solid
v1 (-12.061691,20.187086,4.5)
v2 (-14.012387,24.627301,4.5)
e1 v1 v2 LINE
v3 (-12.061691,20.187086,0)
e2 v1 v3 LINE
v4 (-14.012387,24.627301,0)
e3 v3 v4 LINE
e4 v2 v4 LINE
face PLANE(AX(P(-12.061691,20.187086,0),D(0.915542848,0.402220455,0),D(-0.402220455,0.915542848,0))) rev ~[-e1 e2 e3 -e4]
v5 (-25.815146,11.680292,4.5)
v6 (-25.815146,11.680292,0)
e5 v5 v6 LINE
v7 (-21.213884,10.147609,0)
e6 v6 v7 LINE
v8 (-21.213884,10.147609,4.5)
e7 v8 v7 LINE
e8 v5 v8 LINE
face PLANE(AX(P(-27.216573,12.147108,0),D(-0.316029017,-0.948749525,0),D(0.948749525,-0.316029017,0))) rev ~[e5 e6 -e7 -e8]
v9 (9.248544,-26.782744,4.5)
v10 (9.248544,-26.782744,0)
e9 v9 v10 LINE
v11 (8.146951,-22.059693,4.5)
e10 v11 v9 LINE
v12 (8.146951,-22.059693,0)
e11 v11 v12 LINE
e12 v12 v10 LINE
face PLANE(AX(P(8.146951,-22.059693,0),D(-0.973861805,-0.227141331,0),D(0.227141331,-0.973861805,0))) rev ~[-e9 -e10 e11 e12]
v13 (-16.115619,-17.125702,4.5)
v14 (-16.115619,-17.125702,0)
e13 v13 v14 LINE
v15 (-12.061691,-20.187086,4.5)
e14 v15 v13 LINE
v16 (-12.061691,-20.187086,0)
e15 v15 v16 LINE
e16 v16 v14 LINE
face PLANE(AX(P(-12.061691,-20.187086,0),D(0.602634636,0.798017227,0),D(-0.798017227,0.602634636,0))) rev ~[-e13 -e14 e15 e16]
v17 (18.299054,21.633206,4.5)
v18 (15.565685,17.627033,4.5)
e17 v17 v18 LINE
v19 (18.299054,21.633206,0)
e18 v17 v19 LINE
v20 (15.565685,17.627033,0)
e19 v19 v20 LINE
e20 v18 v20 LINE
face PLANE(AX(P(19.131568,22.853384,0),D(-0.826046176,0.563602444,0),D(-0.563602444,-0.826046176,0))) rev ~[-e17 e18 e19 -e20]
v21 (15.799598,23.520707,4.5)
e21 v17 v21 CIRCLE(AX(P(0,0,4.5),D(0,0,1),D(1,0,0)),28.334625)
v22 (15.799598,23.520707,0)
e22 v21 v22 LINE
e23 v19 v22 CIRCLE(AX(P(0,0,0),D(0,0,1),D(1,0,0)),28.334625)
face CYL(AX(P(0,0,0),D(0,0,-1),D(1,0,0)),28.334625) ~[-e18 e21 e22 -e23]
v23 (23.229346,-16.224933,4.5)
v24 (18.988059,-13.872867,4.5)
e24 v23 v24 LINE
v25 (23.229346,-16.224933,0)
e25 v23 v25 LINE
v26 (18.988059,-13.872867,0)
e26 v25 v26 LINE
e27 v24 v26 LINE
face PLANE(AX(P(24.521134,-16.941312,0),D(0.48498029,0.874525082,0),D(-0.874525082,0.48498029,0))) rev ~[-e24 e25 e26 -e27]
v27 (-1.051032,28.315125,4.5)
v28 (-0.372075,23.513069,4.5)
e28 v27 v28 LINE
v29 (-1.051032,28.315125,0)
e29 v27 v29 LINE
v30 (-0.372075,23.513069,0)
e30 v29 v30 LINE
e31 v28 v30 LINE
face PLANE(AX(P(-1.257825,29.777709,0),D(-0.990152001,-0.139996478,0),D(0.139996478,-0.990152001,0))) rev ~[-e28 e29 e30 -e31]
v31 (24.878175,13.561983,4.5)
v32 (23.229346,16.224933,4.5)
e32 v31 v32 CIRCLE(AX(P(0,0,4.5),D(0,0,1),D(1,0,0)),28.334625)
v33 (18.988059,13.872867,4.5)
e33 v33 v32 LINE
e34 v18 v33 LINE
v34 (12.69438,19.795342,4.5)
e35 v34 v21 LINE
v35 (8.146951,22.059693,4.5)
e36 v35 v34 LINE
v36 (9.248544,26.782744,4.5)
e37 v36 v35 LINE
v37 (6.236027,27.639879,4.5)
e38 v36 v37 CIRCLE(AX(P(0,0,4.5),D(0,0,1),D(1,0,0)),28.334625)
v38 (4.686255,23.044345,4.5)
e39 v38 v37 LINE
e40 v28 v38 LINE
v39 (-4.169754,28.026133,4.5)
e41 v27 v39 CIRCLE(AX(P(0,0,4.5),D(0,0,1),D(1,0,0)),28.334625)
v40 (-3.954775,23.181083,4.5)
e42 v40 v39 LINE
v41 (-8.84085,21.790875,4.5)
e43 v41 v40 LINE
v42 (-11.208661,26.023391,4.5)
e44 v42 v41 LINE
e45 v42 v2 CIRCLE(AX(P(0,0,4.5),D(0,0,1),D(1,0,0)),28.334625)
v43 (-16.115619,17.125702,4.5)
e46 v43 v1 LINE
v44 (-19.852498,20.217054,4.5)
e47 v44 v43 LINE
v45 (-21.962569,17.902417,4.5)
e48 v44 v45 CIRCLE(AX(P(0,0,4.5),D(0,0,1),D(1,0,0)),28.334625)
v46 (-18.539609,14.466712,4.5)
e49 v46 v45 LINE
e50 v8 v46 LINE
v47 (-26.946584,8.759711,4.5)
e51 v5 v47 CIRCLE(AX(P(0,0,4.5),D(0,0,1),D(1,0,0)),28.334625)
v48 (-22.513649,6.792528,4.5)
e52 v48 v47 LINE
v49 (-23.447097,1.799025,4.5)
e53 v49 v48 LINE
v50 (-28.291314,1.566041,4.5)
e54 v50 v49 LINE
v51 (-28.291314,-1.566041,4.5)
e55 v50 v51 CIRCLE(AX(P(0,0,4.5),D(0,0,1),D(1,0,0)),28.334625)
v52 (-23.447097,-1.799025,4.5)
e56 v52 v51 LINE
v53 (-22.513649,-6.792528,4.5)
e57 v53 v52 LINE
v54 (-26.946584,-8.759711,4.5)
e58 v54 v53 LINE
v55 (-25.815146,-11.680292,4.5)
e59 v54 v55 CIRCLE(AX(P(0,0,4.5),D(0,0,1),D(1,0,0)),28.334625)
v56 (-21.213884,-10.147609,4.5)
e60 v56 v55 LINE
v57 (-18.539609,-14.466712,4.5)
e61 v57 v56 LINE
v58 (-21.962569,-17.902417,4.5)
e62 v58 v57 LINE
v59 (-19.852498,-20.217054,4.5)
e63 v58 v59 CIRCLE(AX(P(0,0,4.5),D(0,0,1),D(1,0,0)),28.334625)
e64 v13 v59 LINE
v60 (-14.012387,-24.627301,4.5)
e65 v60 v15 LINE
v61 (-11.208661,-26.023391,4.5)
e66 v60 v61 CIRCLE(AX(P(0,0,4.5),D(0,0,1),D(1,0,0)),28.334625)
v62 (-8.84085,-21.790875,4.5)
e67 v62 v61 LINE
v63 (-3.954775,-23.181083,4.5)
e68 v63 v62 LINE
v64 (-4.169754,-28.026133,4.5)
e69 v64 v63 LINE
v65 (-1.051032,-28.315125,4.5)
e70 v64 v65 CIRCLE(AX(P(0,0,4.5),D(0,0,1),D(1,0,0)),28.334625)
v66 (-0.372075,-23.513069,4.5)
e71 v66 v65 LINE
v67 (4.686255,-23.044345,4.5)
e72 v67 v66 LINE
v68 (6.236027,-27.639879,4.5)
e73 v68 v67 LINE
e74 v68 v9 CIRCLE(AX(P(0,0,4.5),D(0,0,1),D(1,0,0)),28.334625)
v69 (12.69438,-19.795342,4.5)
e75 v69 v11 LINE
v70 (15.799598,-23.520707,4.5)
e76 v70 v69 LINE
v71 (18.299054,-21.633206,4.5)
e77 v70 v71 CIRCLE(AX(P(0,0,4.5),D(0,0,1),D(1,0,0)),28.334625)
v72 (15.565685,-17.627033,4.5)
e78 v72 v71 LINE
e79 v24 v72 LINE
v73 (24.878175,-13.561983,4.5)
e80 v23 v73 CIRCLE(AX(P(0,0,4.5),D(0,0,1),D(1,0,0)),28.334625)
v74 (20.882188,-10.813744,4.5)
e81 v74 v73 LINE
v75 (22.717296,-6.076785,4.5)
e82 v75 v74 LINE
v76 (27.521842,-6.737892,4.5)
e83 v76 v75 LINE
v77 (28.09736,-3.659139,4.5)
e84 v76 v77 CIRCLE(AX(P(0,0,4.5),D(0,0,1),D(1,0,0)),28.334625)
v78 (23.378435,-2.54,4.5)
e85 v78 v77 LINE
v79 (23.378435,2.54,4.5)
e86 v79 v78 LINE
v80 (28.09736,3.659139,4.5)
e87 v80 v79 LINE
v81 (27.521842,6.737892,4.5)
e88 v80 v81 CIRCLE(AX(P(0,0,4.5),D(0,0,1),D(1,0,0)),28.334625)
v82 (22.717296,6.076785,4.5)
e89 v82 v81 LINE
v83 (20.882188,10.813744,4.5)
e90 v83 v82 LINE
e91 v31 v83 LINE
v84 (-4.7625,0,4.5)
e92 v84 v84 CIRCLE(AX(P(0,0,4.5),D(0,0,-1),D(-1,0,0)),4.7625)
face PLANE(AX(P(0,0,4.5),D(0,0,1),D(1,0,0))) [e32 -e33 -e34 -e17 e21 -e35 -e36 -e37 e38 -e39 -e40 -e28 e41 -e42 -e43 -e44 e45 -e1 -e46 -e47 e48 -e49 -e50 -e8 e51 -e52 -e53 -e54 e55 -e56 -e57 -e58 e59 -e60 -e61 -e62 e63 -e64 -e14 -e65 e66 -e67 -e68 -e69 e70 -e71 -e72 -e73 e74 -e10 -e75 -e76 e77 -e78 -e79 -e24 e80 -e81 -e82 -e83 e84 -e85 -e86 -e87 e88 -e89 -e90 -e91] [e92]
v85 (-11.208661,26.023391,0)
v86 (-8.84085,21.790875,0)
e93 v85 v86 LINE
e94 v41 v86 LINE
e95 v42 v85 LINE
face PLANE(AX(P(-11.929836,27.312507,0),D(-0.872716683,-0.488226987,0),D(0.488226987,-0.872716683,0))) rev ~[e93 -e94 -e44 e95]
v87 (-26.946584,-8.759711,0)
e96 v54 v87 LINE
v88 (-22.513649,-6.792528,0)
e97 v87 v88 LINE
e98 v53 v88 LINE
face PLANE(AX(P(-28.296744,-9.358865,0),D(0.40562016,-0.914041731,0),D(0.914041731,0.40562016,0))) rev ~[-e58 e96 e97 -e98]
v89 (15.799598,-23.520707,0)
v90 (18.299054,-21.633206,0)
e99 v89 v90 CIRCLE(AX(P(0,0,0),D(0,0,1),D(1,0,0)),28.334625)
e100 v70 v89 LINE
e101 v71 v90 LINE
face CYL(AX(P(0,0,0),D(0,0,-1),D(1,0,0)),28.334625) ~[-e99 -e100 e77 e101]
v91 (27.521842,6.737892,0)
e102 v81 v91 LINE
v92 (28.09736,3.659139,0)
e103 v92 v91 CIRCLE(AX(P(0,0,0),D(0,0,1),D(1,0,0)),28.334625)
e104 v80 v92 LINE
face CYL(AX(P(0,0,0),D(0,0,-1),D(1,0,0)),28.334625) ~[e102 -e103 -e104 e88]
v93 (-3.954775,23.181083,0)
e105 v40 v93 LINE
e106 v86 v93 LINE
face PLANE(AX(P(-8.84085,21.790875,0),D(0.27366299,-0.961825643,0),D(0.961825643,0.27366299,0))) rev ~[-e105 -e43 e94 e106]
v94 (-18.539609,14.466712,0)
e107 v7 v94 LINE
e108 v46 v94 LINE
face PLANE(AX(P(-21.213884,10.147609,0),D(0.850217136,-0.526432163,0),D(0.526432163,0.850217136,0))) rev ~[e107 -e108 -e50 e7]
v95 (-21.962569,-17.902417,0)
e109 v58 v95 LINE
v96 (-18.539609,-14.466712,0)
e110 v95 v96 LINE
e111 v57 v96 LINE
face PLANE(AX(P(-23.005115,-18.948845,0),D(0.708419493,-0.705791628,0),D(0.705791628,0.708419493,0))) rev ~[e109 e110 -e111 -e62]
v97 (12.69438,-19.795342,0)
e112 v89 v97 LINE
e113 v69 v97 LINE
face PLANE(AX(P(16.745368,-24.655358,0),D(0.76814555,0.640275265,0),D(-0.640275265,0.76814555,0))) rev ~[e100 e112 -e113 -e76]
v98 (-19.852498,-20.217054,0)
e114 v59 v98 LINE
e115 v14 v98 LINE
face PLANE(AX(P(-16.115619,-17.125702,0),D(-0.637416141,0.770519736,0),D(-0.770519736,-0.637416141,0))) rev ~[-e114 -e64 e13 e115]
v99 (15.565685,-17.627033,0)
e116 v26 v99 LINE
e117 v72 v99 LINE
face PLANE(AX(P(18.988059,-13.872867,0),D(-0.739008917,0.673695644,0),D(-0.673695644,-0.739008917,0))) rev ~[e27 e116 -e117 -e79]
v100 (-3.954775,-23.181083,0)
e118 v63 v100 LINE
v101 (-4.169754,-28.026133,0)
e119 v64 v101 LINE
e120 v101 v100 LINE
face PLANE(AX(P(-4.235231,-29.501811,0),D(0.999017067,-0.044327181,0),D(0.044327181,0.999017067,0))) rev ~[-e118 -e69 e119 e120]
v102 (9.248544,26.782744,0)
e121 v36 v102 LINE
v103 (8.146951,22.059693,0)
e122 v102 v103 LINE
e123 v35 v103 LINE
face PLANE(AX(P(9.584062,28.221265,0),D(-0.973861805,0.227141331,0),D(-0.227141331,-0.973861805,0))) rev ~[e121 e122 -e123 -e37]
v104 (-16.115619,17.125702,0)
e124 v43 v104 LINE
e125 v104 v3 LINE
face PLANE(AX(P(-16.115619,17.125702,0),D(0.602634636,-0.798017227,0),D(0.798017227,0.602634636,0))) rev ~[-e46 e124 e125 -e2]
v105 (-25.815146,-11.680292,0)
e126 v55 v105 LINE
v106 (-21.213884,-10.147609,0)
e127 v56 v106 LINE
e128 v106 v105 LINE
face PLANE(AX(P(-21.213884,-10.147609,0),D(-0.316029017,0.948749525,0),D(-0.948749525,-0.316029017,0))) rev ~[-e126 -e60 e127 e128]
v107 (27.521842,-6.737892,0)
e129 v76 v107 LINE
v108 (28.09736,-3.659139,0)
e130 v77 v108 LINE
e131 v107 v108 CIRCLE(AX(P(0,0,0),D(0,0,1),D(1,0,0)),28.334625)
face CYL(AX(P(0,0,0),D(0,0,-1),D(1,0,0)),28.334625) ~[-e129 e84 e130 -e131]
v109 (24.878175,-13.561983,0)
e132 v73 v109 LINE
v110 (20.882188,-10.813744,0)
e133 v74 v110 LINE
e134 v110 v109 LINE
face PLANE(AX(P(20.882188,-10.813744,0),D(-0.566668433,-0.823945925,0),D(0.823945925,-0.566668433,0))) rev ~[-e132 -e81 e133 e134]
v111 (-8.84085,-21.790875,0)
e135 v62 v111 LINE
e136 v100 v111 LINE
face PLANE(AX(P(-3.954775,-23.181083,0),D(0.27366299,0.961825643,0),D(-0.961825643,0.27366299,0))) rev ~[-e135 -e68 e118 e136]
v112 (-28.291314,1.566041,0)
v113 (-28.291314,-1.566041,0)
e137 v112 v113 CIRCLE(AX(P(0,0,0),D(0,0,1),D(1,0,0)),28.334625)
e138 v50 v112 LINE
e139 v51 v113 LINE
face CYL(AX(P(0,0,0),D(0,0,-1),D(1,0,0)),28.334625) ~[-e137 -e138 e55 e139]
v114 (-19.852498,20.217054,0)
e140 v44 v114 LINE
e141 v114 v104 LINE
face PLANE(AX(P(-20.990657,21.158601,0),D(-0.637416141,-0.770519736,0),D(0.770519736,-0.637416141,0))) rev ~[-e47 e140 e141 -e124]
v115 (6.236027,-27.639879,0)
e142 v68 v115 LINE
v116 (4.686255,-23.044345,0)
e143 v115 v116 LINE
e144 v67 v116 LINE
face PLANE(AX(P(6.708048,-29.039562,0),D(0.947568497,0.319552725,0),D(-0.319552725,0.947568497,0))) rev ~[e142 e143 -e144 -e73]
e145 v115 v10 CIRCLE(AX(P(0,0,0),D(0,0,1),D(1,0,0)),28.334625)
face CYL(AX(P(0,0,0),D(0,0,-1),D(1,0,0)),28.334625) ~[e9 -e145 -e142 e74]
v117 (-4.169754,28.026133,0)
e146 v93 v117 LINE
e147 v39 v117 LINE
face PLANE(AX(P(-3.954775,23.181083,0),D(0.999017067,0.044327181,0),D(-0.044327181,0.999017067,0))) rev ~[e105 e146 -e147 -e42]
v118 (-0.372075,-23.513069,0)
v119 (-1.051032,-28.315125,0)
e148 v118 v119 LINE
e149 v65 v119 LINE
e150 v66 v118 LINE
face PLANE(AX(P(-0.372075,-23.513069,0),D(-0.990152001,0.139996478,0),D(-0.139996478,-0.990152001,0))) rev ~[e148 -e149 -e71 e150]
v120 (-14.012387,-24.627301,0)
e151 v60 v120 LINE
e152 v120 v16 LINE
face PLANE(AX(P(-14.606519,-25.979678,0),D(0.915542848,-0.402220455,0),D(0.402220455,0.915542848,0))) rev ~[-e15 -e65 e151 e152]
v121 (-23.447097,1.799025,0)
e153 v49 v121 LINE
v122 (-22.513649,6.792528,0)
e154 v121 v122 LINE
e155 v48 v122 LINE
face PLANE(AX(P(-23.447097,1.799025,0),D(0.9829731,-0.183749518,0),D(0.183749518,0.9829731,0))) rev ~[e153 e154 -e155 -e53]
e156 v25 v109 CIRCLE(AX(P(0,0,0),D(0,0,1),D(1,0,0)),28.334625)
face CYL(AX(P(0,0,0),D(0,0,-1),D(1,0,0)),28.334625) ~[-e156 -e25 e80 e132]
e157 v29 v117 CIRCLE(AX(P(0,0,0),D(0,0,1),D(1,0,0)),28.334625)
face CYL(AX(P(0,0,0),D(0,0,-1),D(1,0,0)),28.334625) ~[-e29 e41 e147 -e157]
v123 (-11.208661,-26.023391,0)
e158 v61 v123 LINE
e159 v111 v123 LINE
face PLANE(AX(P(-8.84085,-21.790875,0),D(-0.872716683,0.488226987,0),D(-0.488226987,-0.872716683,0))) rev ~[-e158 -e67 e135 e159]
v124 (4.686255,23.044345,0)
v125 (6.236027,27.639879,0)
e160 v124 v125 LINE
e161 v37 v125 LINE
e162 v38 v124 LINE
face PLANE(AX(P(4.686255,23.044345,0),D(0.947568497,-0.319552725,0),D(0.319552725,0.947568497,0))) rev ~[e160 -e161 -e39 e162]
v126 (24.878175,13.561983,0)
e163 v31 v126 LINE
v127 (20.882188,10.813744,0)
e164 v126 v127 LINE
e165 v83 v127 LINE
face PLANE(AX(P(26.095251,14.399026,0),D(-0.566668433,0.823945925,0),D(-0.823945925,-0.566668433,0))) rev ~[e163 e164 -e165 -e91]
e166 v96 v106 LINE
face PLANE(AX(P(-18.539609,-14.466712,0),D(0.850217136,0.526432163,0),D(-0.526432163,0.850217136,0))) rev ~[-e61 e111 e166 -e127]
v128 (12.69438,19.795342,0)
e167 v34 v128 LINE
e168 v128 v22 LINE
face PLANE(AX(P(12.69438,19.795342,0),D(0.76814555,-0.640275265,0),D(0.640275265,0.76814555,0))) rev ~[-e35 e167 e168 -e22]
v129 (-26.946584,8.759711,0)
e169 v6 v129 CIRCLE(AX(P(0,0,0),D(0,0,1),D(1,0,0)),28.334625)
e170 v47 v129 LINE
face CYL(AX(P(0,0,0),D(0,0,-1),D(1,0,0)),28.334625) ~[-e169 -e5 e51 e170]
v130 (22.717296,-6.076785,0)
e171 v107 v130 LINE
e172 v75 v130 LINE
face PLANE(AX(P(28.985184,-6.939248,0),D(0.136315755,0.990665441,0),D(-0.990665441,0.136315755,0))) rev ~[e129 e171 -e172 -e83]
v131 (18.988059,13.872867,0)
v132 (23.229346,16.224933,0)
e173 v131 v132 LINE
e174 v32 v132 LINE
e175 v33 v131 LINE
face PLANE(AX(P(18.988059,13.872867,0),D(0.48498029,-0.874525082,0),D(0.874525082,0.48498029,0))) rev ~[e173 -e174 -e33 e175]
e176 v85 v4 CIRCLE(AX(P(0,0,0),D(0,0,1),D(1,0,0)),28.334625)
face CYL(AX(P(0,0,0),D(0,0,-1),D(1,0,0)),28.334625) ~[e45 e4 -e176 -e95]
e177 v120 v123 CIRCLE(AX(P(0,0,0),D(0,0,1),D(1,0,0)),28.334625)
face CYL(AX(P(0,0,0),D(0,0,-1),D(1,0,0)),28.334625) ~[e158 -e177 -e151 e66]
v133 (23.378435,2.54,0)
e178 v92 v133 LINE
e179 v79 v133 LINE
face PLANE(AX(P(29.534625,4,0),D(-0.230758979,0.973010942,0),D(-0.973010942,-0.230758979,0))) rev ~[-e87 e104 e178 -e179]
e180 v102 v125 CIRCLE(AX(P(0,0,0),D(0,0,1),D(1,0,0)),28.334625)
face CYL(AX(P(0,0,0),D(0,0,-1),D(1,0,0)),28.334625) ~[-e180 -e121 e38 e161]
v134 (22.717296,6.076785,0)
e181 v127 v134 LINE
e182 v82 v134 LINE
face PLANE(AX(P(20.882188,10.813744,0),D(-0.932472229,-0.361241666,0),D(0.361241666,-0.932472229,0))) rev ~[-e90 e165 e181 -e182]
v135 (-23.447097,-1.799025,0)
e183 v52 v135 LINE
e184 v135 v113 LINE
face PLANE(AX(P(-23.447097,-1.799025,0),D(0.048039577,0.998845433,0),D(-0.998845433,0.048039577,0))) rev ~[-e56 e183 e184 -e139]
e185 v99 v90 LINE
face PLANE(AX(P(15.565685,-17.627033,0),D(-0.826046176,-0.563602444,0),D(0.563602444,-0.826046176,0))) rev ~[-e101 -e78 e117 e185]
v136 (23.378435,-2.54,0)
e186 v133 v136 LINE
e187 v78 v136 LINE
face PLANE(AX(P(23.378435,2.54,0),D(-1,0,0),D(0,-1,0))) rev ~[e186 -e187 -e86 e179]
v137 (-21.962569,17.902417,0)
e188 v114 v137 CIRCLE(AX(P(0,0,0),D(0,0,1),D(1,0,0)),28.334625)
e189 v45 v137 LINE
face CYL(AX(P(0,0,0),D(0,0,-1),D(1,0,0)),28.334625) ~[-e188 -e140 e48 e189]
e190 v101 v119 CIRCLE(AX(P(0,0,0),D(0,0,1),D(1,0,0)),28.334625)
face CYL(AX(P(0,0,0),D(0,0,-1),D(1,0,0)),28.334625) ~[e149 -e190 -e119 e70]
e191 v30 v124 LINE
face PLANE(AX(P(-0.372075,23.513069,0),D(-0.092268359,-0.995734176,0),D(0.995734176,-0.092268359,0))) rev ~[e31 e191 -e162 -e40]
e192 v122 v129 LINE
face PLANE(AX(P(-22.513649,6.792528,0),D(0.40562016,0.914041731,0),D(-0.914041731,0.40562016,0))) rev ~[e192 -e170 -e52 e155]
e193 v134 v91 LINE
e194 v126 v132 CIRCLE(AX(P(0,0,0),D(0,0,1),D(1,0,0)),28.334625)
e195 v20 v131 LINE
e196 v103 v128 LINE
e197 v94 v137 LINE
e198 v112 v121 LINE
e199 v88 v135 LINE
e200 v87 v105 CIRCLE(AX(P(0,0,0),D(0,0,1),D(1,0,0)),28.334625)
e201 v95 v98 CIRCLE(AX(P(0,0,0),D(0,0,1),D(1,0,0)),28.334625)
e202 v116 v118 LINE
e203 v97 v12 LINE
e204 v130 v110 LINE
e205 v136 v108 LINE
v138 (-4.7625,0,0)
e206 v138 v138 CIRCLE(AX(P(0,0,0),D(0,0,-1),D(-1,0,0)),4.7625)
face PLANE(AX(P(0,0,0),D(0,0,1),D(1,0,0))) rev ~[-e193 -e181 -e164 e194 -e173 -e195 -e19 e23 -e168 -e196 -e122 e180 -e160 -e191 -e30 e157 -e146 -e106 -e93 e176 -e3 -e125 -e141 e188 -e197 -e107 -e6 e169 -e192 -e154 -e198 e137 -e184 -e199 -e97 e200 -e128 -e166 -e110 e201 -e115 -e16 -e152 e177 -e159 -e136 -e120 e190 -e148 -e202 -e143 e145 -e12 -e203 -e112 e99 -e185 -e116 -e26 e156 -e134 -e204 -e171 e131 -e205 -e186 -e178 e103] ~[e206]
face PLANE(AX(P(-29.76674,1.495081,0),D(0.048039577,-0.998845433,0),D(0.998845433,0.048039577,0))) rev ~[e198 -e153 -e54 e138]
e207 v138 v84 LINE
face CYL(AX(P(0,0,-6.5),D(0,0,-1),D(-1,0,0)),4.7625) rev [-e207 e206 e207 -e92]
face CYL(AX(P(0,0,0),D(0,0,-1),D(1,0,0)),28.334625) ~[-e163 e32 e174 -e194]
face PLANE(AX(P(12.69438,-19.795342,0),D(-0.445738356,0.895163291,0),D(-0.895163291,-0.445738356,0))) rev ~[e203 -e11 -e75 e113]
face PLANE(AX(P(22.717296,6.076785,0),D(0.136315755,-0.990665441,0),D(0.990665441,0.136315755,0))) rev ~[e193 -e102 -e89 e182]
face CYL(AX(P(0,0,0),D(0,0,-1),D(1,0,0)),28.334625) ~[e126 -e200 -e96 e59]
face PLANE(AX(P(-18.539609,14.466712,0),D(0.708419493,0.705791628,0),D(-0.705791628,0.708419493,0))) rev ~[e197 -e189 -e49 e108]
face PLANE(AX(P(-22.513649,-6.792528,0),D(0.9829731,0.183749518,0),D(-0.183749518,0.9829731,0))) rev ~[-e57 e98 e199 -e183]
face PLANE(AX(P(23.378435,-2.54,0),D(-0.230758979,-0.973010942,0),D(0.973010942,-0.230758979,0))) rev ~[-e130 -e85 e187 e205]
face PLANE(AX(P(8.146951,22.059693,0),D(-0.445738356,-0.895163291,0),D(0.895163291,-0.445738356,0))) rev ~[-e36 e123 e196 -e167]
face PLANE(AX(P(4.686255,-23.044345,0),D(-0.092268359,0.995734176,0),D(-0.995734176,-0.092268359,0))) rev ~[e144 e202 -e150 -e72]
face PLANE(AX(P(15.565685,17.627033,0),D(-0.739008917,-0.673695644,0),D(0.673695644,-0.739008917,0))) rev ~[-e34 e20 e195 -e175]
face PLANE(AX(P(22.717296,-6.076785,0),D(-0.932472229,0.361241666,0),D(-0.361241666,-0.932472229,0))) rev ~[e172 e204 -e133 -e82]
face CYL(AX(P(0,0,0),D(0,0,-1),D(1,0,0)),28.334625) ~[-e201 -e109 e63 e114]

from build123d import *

# Parameters (mm, degrees)
SKETCH1_R               = 28.334624745
BOSS_EXTRUDE1_DEPTH     = 4.5
CUT_EXTRUDE2_DEPTH      = 5.5
CIRPATTERN1_COUNT       = 17
CUT_EXTRUDE4_DEPTH      = 6.5
CUT_EXTRUDE4_DEPTH_BACK = 6.5
SKETCH3_R               = 4.7625


with BuildPart() as part:
    # Sketch1 → Boss-Extrude1 (new body)
    with BuildSketch(Plane.XY):
        Circle(SKETCH1_R)
    extrude(amount=BOSS_EXTRUDE1_DEPTH)

    # Sketch2 → Cut-Extrude2 (cut, symmetric)
    with BuildSketch(Plane.XY):
        Polygon((23.37843536, -2.54), (29.534624745, -4), (29.534624745, 4), (23.37843536, 2.54), align=None)
    cut_extrude2 = extrude(amount=CUT_EXTRUDE2_DEPTH, both=True, mode=Mode.SUBTRACT)

    # CirPattern1: Cut-Extrude2 ×17 about axis
    cirpattern1_axis = Axis((0, 0, -0.225), (0, 0, 1))
    for i in range(1, CIRPATTERN1_COUNT):
        add(cut_extrude2.rotate(cirpattern1_axis, i * 360 / CIRPATTERN1_COUNT), mode=Mode.SUBTRACT)

    # Sketch3 → Cut-Extrude4 (cut, two sides: drawn at the far end of the back side and taken through both)
    with BuildSketch(Plane.XY.offset(-CUT_EXTRUDE4_DEPTH_BACK)):
        Circle(SKETCH3_R)
    extrude(amount=CUT_EXTRUDE4_DEPTH + CUT_EXTRUDE4_DEPTH_BACK, mode=Mode.SUBTRACT)


solid = part.part
